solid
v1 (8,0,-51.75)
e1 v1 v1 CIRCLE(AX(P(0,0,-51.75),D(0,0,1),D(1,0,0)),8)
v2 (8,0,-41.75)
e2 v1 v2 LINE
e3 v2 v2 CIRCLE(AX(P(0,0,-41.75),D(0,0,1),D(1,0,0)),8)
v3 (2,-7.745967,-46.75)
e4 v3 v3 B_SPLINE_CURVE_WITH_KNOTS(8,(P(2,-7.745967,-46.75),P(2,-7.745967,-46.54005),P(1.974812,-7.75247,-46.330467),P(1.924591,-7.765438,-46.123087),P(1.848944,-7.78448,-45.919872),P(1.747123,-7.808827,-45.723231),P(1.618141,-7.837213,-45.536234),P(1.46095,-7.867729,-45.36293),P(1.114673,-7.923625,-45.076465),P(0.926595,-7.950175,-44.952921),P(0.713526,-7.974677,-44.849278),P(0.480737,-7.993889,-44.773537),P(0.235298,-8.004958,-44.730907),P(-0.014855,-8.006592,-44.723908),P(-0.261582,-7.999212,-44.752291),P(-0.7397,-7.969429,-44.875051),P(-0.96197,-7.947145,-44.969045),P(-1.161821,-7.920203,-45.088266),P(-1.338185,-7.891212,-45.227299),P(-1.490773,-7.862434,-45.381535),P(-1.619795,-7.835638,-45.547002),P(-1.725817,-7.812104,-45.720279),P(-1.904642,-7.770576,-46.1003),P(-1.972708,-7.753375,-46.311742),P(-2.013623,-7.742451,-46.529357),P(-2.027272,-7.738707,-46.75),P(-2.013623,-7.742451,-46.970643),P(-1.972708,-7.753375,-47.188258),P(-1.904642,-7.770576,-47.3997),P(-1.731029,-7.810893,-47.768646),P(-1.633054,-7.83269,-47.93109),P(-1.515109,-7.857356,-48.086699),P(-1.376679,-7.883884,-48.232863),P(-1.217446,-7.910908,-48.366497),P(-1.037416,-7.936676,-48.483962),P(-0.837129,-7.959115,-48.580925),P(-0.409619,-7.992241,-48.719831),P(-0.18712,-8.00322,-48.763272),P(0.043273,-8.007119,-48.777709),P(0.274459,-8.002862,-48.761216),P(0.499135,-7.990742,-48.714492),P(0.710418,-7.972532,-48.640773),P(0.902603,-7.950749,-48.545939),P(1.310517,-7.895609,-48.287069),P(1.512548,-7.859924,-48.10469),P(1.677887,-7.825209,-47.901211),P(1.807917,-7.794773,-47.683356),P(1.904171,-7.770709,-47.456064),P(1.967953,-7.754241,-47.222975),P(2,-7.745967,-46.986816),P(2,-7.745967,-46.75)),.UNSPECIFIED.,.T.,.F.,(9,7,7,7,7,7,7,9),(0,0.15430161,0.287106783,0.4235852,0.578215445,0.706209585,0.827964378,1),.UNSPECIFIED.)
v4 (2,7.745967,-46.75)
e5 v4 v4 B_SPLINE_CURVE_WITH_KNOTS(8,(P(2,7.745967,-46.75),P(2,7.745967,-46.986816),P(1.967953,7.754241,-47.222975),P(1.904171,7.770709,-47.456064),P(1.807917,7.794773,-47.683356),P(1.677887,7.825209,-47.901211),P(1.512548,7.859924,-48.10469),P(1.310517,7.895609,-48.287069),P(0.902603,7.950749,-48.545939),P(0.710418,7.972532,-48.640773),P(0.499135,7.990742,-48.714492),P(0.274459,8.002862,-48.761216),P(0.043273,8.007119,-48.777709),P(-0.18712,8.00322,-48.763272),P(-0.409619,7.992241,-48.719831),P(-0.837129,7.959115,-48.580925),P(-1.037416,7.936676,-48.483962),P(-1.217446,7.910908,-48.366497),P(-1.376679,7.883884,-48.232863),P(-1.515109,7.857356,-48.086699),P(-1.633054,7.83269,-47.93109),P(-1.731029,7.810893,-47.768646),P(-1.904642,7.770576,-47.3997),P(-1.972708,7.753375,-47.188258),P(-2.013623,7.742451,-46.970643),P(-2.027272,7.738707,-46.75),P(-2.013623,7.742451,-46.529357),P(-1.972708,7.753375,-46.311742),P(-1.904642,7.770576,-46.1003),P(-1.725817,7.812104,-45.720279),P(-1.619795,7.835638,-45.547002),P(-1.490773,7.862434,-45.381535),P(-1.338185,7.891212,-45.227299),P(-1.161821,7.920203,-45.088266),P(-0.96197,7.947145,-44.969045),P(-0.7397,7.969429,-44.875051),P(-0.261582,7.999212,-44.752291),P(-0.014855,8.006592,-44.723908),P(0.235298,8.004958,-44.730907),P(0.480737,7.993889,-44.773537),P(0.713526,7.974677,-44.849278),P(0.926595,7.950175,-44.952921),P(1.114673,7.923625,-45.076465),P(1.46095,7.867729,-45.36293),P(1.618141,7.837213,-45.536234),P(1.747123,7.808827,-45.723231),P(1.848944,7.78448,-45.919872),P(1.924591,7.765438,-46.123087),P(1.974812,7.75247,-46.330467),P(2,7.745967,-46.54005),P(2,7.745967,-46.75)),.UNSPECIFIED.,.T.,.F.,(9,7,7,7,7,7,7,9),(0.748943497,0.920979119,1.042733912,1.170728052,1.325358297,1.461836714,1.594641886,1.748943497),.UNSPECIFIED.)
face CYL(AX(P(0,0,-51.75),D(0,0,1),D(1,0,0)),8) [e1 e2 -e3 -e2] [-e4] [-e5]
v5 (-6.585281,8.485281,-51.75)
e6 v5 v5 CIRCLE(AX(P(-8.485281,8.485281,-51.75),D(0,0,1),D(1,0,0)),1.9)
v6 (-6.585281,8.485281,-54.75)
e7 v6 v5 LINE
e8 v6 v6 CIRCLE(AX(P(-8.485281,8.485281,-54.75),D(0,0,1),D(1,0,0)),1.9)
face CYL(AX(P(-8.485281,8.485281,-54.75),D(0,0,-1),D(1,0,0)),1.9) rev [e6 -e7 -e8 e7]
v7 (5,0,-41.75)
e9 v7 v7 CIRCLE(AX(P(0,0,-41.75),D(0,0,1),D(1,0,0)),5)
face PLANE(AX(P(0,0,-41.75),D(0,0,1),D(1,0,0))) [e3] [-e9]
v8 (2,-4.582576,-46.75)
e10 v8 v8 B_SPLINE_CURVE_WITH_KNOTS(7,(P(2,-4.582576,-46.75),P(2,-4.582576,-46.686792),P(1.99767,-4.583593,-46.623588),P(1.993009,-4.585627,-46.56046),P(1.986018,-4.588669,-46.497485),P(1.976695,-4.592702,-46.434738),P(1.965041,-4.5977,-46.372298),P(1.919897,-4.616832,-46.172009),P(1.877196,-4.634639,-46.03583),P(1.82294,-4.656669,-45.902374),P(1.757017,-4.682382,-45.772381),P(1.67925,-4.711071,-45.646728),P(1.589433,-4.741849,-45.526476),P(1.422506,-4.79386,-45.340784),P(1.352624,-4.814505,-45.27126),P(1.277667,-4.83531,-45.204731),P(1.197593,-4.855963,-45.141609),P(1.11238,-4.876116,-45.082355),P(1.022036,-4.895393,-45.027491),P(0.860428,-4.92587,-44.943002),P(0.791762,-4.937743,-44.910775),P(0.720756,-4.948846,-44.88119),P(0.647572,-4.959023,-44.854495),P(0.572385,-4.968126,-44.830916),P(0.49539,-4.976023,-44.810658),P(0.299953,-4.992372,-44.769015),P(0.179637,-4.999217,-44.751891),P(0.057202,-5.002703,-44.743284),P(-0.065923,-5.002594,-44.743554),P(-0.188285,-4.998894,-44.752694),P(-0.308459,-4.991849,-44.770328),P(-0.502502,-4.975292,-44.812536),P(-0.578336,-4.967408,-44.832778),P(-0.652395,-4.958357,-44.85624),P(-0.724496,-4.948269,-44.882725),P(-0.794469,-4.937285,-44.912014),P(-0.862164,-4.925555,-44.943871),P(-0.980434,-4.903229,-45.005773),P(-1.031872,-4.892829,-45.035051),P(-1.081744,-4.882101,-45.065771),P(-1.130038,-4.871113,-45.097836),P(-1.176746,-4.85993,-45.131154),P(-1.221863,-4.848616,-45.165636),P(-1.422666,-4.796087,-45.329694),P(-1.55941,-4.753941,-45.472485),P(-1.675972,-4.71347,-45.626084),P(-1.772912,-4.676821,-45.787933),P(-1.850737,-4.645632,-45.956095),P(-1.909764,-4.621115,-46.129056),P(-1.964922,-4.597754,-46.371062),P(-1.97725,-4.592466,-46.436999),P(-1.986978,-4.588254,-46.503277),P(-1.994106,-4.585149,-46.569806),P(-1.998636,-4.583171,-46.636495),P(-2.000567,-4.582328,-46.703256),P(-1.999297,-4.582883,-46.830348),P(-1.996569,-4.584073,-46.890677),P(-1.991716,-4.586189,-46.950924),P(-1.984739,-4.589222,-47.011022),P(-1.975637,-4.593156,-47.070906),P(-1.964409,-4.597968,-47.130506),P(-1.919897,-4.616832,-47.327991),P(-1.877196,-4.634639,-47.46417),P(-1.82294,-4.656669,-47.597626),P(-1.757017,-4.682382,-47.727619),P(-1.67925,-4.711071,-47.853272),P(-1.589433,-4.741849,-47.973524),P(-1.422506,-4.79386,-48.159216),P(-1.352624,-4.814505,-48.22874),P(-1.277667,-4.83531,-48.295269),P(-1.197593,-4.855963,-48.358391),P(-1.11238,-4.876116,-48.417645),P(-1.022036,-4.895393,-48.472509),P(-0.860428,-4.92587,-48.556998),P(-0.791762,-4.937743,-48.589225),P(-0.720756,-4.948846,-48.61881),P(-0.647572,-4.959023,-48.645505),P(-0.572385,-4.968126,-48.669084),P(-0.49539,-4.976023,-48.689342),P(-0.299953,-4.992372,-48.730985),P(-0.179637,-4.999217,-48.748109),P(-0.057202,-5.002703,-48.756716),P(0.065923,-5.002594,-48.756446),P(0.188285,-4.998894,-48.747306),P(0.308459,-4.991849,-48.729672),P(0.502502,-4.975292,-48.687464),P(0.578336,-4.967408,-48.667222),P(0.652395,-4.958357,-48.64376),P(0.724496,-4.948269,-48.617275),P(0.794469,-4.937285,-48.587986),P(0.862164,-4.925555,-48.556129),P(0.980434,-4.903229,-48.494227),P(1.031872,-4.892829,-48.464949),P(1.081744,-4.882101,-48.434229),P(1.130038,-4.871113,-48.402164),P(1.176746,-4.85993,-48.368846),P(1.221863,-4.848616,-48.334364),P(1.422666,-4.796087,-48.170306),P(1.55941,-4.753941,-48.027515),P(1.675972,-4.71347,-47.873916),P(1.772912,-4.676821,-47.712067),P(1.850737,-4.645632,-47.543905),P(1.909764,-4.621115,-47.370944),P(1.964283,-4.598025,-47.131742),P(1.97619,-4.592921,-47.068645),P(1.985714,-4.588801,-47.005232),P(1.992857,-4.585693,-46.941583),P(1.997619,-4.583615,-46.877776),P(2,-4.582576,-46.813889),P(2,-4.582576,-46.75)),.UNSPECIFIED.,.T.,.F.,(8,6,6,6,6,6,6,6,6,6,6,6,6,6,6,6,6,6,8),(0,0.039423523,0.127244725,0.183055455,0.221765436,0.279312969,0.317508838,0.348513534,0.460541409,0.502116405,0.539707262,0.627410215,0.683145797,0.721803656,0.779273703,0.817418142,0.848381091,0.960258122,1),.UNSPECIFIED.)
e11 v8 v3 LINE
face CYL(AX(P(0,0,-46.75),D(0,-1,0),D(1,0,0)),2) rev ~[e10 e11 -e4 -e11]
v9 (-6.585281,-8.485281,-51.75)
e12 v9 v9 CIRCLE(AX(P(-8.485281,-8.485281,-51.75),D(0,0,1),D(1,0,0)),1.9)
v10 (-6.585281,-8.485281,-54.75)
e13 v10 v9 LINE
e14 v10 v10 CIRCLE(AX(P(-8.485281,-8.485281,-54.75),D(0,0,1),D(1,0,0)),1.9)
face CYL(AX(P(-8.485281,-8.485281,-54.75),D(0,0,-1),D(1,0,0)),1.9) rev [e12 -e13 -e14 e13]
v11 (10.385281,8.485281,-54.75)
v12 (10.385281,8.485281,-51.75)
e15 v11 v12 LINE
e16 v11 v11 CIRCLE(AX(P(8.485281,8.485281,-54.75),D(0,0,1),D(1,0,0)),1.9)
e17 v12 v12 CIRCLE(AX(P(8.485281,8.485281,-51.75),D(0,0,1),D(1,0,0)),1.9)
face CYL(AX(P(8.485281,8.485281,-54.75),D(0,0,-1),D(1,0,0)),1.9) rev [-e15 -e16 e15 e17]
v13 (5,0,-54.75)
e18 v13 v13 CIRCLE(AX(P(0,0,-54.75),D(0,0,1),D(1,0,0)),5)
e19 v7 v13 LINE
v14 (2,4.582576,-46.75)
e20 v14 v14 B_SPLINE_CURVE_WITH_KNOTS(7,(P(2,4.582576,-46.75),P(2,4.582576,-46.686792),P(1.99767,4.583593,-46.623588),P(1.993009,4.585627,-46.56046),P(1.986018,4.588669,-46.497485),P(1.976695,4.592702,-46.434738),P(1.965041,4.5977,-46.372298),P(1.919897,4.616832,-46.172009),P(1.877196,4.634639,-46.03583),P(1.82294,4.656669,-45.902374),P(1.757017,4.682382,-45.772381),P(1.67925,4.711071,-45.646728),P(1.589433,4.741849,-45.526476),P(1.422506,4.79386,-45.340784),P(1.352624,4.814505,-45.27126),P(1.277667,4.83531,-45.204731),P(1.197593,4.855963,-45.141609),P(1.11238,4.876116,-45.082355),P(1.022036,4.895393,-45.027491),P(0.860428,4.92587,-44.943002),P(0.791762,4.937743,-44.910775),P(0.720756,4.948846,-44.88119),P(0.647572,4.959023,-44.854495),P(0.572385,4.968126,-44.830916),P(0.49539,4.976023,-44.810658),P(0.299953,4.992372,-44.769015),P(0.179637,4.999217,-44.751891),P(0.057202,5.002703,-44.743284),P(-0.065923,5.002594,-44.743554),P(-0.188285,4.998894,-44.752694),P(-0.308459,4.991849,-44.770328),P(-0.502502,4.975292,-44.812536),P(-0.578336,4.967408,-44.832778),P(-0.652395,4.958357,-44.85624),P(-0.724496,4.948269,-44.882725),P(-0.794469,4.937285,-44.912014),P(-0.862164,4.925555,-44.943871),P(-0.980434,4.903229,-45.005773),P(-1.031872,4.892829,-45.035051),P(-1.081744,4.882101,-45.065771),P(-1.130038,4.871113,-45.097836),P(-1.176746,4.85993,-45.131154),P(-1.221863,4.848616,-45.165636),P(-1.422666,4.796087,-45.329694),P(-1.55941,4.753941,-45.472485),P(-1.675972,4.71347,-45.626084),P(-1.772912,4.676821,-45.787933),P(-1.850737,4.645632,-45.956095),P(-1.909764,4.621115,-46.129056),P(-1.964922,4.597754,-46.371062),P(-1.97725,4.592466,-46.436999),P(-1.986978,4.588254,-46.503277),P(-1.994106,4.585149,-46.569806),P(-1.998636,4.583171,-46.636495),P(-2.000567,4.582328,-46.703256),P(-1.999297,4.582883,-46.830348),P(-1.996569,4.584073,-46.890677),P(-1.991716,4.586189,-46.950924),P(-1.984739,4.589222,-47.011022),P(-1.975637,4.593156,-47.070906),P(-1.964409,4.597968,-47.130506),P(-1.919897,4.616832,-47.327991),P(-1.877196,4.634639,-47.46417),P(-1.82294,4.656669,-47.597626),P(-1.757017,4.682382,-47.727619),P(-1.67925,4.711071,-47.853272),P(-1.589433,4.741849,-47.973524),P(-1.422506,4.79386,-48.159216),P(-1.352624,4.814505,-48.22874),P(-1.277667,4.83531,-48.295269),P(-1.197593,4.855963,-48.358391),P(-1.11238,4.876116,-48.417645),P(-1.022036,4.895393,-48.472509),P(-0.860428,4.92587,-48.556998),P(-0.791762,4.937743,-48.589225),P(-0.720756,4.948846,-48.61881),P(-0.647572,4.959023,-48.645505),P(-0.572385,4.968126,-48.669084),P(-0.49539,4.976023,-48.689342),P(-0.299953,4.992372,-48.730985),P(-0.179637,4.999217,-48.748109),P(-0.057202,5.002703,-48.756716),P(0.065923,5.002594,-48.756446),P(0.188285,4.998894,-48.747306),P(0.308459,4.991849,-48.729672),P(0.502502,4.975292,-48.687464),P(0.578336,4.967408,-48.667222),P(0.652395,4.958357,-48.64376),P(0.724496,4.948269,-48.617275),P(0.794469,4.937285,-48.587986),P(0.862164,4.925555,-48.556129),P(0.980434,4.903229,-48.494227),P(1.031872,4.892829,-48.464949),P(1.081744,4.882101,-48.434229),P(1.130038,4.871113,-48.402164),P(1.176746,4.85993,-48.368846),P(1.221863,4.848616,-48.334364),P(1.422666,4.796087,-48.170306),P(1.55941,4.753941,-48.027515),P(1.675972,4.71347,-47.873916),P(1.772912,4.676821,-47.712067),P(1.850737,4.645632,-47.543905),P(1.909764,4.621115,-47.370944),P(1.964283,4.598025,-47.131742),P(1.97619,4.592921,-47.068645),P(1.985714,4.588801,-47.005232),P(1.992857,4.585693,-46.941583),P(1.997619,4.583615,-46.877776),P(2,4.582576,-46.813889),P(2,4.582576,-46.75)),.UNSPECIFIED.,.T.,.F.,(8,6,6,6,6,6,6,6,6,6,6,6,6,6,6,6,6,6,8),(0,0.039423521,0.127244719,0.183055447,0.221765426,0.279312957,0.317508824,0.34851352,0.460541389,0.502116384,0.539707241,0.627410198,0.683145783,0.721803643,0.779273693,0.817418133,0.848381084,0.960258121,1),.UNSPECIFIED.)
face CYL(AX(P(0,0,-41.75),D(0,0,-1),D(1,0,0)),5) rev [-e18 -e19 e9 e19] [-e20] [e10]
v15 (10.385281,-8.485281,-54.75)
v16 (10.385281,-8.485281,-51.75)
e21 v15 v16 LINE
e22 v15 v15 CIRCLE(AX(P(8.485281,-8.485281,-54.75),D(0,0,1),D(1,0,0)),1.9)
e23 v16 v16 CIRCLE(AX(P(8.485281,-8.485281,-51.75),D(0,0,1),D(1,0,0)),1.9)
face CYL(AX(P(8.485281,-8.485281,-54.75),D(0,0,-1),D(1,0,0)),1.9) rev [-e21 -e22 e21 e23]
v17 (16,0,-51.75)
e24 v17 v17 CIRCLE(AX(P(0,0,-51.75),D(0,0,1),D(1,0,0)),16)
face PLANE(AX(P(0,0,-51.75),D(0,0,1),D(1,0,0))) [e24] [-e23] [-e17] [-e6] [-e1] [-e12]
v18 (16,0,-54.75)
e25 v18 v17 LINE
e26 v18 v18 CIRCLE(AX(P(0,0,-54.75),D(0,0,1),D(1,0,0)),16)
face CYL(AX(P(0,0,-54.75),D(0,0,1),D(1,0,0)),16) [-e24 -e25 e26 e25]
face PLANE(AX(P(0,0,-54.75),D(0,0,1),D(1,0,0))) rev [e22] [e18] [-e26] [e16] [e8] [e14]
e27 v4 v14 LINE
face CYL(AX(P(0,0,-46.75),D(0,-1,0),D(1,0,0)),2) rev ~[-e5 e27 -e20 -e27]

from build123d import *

# Parameters (mm, degrees)
SKETCH064_R     = 1.9
POCKET002_DEPTH = 3
SKETCH065_R     = 2
POCKET003_DEPTH = 8


with BuildPart() as part:
    # Sketch063 → Revolution002 (revolve)
    with BuildSketch(Plane.XZ):
        Polygon((5, 13), (5, 0), (16, 0), (16, 3), (8, 3), (8, 13), align=None)
    revolve(axis=Axis((0, 0, 0), (0, 0, 1)))

    # Sketch064 → Pocket002 (cut)
    with BuildSketch(Plane.XY):
        with Locations((-8.485281, 8.485281)):
            Circle(SKETCH064_R)
        with Locations((8.485281, 8.485281)):
            Circle(SKETCH064_R)
        with Locations((8.485281, -8.485281)):
            Circle(SKETCH064_R)
        with Locations((-8.485281, -8.485281)):
            Circle(SKETCH064_R)
    extrude(amount=POCKET002_DEPTH, mode=Mode.SUBTRACT)

    # Sketch065 → Pocket003 (cut, symmetric)
    with BuildSketch(Plane.XZ):
        with Locations((0, 8)):
            Circle(SKETCH065_R)
    extrude(amount=POCKET003_DEPTH, both=True, mode=Mode.SUBTRACT)


with BuildPart() as part_1:
    # Body003 placement: moved
    add(part.part.moved(Location((0, 0, -54.75))))


solid = part_1.part
